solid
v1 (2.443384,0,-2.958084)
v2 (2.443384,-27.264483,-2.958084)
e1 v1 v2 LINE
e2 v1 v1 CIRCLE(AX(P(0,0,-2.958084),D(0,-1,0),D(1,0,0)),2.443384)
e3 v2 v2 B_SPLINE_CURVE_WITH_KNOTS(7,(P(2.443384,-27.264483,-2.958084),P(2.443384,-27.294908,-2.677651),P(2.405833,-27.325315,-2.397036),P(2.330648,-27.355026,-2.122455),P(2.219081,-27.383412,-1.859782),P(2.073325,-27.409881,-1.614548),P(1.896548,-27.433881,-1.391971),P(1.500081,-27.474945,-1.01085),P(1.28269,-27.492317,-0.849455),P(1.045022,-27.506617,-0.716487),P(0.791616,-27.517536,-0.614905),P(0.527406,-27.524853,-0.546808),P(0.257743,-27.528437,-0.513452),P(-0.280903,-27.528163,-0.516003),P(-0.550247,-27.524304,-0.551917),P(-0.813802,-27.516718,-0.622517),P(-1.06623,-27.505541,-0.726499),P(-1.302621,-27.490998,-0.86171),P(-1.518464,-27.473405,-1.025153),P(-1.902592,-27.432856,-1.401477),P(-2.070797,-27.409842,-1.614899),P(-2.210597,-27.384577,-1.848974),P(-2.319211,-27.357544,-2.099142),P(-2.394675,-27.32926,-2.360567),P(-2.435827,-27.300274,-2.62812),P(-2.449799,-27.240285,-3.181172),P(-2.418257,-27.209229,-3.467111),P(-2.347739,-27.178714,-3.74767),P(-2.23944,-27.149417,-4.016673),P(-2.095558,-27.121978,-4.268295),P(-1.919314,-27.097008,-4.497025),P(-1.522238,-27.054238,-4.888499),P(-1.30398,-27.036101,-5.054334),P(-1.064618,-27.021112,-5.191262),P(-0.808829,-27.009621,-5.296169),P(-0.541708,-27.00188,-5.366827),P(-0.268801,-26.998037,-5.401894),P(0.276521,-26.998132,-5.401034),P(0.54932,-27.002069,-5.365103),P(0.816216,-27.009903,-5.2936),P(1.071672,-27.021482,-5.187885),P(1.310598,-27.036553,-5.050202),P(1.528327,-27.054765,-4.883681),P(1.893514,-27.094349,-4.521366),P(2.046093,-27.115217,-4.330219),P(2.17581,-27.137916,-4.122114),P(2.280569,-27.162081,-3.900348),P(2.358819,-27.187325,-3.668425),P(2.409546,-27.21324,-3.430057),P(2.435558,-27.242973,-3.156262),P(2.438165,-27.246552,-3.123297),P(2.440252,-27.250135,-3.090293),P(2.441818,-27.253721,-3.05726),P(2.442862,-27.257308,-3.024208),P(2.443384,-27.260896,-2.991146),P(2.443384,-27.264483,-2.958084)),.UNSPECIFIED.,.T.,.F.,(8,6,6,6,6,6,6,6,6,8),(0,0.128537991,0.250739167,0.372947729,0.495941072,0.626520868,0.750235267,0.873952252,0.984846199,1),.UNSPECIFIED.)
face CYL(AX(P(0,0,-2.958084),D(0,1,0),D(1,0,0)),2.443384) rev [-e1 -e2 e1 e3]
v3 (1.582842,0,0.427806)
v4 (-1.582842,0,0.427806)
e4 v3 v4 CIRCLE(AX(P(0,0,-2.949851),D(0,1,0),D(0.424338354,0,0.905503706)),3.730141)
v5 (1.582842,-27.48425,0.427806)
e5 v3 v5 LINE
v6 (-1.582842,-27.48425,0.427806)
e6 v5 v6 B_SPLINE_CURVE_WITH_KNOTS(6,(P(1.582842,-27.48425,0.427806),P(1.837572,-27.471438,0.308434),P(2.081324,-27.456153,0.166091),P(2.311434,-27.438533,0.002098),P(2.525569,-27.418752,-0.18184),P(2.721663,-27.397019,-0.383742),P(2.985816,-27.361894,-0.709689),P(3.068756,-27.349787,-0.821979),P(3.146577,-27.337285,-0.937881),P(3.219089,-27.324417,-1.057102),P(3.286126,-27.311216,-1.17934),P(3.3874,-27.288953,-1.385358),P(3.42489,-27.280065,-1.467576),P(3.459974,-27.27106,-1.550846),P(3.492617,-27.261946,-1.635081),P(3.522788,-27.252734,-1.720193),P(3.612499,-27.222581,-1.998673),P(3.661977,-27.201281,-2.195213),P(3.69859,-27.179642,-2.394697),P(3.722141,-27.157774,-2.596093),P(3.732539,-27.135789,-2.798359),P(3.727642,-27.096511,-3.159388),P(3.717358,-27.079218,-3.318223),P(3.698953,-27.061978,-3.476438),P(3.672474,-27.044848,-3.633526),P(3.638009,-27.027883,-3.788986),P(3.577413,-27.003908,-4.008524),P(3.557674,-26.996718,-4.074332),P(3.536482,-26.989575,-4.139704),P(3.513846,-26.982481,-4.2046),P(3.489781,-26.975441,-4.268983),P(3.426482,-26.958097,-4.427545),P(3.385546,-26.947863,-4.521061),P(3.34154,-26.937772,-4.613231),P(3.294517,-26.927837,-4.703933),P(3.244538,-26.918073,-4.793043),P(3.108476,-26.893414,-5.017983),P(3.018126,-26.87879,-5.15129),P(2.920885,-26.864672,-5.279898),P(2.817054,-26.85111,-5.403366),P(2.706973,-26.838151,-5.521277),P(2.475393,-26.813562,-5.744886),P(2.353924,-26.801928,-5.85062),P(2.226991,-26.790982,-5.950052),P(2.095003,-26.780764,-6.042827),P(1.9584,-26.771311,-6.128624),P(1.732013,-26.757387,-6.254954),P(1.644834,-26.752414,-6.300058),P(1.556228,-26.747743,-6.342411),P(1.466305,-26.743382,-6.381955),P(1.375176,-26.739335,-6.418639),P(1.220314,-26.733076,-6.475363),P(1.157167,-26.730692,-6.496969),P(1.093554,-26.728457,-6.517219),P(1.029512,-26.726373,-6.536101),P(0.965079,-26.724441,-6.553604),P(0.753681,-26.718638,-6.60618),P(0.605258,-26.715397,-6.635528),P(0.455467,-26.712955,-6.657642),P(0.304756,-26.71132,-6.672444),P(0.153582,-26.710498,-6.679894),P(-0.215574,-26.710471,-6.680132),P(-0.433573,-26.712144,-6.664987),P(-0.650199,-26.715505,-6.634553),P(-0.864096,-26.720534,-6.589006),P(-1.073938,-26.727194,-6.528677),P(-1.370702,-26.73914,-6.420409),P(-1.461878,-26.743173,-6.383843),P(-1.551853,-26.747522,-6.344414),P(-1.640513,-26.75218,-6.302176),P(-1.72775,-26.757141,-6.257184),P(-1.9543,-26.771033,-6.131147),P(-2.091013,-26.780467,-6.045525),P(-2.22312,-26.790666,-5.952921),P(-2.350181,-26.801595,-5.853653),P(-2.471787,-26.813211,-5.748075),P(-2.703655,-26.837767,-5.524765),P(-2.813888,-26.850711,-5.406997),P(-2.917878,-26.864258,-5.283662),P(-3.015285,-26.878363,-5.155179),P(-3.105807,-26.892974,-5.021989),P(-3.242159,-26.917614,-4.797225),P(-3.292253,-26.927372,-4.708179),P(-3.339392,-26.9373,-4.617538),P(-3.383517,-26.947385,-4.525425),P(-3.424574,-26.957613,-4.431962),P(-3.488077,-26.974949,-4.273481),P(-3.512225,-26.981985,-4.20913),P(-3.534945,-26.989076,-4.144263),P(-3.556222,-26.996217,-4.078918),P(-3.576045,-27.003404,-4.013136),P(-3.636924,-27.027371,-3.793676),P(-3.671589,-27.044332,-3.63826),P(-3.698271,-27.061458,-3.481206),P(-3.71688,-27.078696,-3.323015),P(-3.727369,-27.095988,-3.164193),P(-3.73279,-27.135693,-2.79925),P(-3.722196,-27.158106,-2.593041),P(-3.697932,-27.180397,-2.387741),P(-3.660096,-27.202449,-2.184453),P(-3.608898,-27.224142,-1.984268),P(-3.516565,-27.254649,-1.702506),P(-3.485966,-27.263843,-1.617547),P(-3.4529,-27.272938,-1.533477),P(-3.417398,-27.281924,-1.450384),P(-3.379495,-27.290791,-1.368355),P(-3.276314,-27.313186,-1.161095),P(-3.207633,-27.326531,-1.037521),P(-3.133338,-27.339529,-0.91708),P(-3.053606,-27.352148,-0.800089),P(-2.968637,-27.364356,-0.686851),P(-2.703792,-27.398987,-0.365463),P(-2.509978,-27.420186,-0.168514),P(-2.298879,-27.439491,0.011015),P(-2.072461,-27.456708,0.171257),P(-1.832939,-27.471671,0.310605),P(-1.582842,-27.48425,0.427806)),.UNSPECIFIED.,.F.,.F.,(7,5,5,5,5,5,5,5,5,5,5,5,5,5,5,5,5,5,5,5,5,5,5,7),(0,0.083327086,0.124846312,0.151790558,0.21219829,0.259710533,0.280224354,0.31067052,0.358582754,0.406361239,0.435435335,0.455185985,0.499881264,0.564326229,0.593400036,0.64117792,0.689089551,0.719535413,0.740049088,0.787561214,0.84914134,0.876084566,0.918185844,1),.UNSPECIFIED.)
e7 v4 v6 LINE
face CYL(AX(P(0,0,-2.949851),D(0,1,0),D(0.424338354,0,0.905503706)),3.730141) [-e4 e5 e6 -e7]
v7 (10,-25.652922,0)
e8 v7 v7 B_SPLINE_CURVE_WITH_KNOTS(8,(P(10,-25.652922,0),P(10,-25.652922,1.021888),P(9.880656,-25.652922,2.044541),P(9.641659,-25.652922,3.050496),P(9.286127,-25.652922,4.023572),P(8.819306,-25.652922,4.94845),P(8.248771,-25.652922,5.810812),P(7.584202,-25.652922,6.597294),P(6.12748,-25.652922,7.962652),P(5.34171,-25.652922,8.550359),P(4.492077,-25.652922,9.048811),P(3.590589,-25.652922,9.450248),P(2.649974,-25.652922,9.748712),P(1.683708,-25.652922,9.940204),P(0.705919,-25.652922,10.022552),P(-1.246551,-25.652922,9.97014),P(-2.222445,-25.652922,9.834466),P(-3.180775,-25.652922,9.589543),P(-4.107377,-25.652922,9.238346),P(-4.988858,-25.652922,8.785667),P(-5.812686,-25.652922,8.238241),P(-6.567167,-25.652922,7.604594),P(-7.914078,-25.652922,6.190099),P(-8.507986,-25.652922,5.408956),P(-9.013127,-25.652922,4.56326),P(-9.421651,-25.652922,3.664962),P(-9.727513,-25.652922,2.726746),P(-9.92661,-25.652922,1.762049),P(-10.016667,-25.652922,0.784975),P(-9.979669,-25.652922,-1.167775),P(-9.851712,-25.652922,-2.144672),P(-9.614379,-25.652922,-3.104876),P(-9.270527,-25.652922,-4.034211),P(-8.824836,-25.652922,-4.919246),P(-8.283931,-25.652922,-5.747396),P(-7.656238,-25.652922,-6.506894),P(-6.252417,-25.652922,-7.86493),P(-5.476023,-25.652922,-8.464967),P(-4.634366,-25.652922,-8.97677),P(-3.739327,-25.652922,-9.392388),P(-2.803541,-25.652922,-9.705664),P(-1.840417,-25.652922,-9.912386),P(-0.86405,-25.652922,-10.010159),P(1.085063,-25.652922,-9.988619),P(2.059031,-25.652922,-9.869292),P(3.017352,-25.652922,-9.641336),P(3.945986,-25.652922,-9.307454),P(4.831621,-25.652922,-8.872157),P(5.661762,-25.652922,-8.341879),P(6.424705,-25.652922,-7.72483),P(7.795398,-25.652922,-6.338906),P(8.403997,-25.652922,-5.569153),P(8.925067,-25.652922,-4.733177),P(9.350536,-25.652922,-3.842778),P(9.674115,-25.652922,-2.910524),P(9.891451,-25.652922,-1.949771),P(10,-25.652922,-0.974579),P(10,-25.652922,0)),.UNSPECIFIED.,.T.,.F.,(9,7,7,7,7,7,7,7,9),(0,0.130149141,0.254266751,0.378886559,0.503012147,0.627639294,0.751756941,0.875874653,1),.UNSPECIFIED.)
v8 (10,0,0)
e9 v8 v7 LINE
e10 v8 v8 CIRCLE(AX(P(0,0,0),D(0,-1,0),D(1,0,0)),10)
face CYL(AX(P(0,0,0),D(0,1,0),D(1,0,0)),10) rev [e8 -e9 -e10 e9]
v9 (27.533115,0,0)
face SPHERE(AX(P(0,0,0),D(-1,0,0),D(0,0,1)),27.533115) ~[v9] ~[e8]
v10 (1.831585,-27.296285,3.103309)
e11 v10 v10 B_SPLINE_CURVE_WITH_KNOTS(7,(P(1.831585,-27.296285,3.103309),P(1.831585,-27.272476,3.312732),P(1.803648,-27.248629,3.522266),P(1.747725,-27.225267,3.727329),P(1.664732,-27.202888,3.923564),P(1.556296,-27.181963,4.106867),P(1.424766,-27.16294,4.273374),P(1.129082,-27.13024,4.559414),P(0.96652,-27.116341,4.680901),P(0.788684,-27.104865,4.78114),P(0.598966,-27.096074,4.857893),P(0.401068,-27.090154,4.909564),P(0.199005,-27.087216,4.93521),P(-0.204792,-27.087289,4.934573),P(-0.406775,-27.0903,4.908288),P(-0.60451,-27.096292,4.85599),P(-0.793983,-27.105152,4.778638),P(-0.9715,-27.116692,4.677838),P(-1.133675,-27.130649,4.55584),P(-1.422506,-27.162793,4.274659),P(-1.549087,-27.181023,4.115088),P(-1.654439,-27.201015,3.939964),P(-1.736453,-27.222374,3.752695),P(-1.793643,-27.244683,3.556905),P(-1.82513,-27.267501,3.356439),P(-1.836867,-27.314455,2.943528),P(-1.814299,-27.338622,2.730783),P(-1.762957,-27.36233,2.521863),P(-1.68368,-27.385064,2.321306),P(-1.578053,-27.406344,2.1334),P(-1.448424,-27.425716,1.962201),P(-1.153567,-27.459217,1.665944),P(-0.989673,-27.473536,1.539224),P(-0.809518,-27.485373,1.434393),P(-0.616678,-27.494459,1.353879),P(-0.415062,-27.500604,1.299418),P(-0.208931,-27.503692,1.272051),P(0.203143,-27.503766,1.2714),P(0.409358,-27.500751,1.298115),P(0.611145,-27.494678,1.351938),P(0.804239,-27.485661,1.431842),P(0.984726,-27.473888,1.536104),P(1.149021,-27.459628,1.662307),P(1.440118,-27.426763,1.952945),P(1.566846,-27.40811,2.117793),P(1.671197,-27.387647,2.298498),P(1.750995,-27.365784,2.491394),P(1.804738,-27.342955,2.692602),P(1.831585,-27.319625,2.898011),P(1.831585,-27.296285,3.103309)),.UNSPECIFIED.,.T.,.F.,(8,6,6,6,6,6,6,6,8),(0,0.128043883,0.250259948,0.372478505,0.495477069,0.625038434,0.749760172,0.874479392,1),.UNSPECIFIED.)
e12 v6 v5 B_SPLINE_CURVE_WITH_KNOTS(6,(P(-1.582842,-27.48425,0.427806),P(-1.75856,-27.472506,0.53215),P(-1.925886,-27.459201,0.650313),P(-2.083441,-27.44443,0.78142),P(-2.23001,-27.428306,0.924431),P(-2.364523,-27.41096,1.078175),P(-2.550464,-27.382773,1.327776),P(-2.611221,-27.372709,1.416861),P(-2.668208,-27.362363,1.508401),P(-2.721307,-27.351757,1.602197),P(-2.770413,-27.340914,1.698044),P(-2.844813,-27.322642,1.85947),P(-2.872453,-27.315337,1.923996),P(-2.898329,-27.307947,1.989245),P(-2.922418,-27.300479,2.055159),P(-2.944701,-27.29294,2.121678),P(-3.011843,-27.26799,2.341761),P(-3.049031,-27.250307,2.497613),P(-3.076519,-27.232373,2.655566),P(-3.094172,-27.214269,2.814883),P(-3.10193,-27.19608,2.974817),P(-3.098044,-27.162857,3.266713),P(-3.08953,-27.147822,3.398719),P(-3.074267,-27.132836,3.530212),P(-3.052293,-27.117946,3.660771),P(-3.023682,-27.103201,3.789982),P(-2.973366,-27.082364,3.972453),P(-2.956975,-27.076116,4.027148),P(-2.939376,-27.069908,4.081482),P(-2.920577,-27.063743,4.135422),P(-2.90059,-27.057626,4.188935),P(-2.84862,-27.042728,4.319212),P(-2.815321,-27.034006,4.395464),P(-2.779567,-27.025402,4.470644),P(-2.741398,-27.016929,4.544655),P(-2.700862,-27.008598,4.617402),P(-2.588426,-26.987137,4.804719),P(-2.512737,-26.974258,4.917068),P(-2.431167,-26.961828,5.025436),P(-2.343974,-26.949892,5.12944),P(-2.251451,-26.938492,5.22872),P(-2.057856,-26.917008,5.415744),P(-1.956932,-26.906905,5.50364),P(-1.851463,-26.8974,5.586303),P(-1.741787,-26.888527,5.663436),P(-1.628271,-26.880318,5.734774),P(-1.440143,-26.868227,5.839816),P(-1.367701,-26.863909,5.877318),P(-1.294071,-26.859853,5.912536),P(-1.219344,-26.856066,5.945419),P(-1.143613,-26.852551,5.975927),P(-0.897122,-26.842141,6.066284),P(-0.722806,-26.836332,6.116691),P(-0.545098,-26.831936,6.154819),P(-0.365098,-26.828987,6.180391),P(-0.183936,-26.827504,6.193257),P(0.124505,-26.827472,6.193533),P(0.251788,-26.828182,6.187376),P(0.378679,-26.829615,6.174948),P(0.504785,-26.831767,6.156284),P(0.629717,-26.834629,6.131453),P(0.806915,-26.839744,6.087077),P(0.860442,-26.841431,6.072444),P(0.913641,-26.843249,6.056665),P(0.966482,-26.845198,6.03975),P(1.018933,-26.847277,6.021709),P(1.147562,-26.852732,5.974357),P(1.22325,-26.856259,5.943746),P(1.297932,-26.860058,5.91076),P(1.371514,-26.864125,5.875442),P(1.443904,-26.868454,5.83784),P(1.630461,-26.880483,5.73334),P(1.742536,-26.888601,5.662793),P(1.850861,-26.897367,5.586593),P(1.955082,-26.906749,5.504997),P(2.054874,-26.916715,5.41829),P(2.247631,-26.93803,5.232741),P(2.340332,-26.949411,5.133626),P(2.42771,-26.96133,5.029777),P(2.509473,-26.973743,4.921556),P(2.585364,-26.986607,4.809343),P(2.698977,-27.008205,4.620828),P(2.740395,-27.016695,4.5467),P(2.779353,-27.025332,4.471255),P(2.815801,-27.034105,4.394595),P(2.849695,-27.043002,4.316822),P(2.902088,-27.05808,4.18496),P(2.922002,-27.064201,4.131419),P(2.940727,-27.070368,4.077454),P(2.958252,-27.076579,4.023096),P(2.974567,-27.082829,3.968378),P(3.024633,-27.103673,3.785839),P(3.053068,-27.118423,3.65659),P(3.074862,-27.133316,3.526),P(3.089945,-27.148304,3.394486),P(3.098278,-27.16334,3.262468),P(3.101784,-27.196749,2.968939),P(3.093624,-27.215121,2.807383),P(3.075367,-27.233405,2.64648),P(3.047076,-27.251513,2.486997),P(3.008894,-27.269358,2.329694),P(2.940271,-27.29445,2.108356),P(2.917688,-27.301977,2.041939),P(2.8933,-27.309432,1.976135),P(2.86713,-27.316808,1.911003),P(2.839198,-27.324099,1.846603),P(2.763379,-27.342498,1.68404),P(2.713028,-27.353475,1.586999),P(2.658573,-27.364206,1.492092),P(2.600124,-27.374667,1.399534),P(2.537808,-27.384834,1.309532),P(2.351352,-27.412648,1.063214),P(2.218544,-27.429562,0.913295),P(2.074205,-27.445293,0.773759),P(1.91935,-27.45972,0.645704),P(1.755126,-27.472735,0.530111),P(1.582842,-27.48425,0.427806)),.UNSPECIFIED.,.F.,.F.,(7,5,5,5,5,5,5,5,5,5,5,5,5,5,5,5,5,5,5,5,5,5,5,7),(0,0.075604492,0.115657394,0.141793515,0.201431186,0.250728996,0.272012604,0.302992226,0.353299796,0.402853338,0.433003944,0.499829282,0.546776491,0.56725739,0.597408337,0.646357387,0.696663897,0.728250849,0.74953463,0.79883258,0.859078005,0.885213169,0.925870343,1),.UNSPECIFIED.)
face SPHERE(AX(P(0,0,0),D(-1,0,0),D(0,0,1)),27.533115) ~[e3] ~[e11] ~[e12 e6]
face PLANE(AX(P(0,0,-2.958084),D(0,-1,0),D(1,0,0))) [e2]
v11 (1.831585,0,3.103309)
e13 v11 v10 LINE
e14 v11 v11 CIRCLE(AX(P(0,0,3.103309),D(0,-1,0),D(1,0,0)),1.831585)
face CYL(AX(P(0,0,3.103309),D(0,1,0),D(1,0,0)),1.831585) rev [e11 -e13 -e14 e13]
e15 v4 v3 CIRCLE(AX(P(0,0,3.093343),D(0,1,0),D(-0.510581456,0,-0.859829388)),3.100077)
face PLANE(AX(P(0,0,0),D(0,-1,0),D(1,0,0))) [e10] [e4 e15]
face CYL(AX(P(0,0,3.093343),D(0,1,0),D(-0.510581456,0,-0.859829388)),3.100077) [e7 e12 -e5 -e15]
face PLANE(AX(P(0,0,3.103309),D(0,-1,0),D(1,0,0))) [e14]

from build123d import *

# Parameters (mm, degrees)
F2_R     = 10
F3_DEPTH = 27.4852500417
F4_R     = 1.8315852812
F4_R_2   = 2.4433835159
F5_DEPTH = 27.5293034423


with BuildPart() as f1:
    # F0 (on Front) → F1 (revolve)
    with BuildSketch(Plane.XZ):
        with BuildLine():
            Line((-27.533114626, 0), (27.533114626, 0))
            ThreePointArc((27.533114626, 0), (0, 27.533114626), (-27.533114626, 0))
        make_face()
    revolve(axis=Axis((6.374521181, 0, 0), (1, 0, 0)))

    # F2 (on Front) → F3 (cut, through all)
    with BuildSketch(Plane.XZ):
        Circle(F2_R)
        with BuildLine():
            ThreePointArc((-1.5828419389, 0.4278055021), (0, 6.193420209), (1.5828419389, 0.4278055021))
            ThreePointArc((1.5828419389, 0.4278055021), (0, -6.6799922122), (-1.5828419389, 0.4278055021))
        make_face(mode=Mode.SUBTRACT)
    extrude(amount=F3_DEPTH, mode=Mode.SUBTRACT)

    # F4 (on Front) → F5 (cut, through all)
    with BuildSketch(Plane.XZ):
        with Locations((0, 3.1033086125)):
            Circle(F4_R)
        with Locations((0, -2.9580835253)):
            Circle(F4_R_2)
    extrude(amount=F5_DEPTH, mode=Mode.SUBTRACT)


solid = f1.part
